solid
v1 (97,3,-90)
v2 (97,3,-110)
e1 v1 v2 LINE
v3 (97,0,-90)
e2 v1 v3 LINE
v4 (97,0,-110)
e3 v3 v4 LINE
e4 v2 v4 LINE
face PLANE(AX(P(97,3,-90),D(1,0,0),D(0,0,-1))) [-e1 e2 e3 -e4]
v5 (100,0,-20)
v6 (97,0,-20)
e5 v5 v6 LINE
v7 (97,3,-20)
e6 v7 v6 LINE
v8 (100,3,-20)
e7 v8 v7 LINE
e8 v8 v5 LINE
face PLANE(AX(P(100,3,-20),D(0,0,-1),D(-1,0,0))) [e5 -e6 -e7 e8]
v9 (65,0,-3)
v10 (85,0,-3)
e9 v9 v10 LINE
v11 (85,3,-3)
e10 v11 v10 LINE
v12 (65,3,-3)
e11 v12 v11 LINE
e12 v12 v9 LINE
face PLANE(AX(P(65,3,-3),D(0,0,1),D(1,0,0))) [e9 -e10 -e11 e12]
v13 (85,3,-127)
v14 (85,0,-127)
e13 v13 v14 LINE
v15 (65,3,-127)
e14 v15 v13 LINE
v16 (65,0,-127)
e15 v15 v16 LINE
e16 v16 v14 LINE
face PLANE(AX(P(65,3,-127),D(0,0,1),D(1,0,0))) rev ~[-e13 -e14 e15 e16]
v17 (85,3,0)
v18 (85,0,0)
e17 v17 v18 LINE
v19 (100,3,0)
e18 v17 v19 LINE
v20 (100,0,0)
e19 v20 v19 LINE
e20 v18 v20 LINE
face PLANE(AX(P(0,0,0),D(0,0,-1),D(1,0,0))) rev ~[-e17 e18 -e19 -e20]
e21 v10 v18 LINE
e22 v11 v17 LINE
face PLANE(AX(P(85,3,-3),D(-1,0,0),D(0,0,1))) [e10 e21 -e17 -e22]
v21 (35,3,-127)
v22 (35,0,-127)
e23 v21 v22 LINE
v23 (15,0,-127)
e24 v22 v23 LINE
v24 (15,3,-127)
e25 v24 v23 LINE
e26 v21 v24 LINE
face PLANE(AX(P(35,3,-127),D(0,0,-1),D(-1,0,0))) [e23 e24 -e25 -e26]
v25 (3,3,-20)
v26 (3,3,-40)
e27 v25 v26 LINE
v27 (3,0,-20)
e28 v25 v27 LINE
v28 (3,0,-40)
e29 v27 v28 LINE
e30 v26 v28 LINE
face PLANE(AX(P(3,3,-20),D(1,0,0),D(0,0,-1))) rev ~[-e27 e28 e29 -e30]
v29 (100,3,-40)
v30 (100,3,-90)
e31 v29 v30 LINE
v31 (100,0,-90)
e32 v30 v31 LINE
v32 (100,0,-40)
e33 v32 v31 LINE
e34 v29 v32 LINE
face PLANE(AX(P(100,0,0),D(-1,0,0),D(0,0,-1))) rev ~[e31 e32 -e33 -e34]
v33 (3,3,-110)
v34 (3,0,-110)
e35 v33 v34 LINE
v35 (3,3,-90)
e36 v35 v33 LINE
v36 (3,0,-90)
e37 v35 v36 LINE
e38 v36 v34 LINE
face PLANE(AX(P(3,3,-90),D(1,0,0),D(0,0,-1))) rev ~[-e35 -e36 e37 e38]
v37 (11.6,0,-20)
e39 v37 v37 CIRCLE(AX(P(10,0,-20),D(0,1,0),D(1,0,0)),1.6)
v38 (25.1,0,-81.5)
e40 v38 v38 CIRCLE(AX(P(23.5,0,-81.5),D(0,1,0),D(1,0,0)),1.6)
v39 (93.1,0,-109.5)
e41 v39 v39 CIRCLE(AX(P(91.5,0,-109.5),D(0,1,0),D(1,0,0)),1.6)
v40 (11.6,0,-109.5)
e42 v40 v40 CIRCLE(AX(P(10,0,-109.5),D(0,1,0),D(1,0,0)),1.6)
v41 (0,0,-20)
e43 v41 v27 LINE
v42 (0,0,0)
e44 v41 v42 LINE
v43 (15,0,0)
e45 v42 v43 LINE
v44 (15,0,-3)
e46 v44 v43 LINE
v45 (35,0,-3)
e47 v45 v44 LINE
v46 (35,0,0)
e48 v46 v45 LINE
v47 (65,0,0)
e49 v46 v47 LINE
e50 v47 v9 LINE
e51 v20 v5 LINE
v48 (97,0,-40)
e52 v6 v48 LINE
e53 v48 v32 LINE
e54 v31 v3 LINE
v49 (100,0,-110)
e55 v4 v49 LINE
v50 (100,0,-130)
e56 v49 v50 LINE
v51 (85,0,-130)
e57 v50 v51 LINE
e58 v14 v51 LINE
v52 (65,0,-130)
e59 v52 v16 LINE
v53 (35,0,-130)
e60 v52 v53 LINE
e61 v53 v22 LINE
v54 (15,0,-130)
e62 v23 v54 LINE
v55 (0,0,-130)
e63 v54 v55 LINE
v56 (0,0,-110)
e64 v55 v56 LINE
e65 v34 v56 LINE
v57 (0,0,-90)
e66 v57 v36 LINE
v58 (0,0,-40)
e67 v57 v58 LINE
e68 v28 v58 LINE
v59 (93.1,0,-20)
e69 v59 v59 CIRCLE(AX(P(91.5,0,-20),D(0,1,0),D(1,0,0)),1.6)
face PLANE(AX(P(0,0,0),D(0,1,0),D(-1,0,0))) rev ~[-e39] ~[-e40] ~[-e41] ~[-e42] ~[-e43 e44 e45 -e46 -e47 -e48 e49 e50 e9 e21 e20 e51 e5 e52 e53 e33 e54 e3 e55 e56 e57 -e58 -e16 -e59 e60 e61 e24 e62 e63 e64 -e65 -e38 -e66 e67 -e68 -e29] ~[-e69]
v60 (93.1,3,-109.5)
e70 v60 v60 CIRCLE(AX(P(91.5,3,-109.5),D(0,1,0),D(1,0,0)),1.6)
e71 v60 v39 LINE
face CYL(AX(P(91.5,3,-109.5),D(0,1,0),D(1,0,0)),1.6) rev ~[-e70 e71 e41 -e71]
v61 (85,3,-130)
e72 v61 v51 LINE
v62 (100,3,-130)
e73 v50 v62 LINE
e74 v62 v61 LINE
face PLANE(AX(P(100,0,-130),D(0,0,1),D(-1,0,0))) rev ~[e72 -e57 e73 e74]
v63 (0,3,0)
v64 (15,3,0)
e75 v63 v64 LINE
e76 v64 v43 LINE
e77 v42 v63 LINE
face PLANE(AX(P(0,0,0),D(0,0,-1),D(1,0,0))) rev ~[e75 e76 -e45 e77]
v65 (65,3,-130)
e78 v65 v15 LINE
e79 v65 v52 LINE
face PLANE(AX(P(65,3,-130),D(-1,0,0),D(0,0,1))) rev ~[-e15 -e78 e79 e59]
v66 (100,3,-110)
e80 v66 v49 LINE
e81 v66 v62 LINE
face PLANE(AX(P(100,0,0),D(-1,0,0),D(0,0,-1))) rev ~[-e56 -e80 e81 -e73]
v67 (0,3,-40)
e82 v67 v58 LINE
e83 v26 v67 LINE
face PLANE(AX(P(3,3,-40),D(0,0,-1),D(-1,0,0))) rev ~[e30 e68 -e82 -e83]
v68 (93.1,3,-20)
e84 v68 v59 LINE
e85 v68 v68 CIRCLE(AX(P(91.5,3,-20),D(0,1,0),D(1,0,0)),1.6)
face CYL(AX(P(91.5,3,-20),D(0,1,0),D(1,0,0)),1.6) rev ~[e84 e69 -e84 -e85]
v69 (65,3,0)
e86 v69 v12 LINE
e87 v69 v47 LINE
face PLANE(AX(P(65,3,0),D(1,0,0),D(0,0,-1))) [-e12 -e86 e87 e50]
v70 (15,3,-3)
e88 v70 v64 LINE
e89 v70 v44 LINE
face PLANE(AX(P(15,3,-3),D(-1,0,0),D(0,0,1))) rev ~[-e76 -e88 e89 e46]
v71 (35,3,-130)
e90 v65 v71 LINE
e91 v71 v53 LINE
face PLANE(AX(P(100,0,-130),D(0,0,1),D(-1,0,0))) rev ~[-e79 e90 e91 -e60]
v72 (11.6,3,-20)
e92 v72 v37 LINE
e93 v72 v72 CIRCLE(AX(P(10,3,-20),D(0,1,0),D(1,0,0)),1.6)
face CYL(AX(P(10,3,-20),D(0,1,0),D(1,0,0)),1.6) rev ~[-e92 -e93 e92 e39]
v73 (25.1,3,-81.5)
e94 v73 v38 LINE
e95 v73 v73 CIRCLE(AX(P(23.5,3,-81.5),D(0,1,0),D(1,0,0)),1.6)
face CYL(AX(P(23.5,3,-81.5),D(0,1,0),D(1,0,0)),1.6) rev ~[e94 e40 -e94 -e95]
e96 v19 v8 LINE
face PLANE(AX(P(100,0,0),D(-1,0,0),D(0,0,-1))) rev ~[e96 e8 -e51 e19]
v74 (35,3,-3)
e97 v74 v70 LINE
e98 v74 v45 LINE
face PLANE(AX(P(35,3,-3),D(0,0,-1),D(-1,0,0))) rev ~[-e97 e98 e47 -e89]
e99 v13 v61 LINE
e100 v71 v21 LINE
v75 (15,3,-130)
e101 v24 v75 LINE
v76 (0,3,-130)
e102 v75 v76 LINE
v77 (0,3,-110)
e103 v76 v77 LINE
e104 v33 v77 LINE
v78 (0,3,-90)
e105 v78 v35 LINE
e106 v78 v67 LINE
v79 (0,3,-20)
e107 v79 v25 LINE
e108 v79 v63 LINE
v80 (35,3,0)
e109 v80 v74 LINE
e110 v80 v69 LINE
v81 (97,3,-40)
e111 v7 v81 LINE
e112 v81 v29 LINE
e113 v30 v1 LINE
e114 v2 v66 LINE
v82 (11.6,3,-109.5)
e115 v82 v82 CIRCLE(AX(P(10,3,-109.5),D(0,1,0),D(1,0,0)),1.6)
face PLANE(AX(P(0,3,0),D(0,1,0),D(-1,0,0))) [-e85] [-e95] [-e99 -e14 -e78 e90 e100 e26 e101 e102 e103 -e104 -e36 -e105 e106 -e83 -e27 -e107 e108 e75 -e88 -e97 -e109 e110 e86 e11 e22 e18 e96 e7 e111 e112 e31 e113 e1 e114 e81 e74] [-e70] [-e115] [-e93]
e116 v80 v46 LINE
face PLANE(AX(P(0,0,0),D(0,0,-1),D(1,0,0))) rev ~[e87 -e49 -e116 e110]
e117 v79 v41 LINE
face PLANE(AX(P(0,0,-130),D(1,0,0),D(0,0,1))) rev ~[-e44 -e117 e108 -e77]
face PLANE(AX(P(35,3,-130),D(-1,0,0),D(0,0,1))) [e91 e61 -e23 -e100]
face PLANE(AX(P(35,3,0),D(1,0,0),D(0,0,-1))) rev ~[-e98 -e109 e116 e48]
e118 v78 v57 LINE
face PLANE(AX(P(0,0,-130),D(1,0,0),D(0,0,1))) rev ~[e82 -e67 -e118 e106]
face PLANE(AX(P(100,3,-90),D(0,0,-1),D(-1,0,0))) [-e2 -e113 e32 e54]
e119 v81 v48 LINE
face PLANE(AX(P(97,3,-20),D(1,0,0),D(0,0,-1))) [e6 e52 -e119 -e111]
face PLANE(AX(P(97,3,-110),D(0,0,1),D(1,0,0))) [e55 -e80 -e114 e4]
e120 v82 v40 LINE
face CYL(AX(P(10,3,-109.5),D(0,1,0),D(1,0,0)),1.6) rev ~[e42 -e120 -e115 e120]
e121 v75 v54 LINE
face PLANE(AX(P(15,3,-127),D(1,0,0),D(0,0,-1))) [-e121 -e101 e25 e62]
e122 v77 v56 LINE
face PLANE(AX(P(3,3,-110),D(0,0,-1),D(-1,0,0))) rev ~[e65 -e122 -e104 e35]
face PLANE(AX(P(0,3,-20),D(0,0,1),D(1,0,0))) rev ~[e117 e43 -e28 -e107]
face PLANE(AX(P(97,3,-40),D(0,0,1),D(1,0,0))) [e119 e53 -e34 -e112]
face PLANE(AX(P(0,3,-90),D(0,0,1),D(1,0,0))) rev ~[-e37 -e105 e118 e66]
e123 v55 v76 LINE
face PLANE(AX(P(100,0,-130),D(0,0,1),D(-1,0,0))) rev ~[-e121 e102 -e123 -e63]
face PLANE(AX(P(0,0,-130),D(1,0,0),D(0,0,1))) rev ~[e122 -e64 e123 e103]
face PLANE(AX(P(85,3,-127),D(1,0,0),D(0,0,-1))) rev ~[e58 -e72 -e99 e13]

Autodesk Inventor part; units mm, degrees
ref_plane "YZ Plane" through (0, 0, 0) normal (1, 0, 0) x (0, 1, 0)
ref_plane "XZ Plane" through (0, 0, 0) normal (0, 1, 0) x (-1, 0, 0)
ref_plane "XY Plane" through (0, 0, 0) normal (0, 0, 1) x (1, 0, 0)
sketch "Sketch1" plane through (0, 0, 0) normal (0, 1, 0) x (-1, 0, 0)
  line L0 (0, 0) -> (-100, 0)
  line L1 (-100, 0) -> (-100, -130)
  line L2 (-100, -130) -> (0, -130)
  line L3 (0, -130) -> (0, 0)
  dimension "Length" = 130
  dimension "Width" = 100
extrude "Baseplate" add sketch "Sketch1" along normal blind 3
sketch "TabsSketch" plane through (0, 3, 0) normal (0, 1, 0) x (1, 0, 0)
  line L0 (0, 130) -> (0, 0) projected
  line L1 (0, 20) -> (3, 20)
  line L2 (3, 20) -> (3, 40)
  line L3 (3, 40) -> (0, 40)
  line L4 (0, 40) -> (0, 20)
  line L5 (0, 90) -> (3, 90)
  line L6 (3, 90) -> (3, 110)
  line L7 (3, 110) -> (0, 110)
  line L8 (0, 110) -> (0, 90)
  line L9 (0, 0) -> (100, 0) projected
  line L10 (100, 130) -> (0, 130) projected
  line L11 (50, 0) -> (50, 130) construction
  line L12 (15, 0) -> (35, 0)
  line L13 (35, 0) -> (35, 3)
  line L14 (35, 3) -> (15, 3)
  line L15 (15, 3) -> (15, 0)
  line L16 (15, 130) -> (35, 130)
  line L17 (35, 130) -> (35, 127)
  line L18 (35, 127) -> (15, 127)
  line L19 (15, 127) -> (15, 130)
  line L20 (100, 130) -> (100, 0)
  line L21 (100, 20) -> (97, 20)
  line L22 (97, 20) -> (97, 40)
  line L23 (97, 40) -> (100, 40)
  line L24 (100, 40) -> (100, 20)
  line L25 (100, 90) -> (97, 90)
  line L26 (97, 90) -> (97, 110)
  line L27 (97, 110) -> (100, 110)
  line L28 (100, 110) -> (100, 90)
  line L29 (100, 0) -> (0, 0)
  line L30 (0, 130) -> (100, 130)
  line L31 (85, 0) -> (65, 0)
  line L32 (65, 0) -> (65, 3)
  line L33 (65, 3) -> (85, 3)
  line L34 (85, 3) -> (85, 0)
  line L35 (85, 130) -> (65, 130)
  line L36 (65, 130) -> (65, 127)
  line L37 (65, 127) -> (85, 127)
  line L38 (85, 127) -> (85, 130)
  point P0 (35, 0)
  point P1 (65, 0)
  point P2 (85, 0)
  point P3 (100, 110)
  point P4 (85, 130)
  point P5 (0, 110)
  point P6 (0, 40)
  dimension "d4" = 3
  dimension "LengthTabOffset" = 20
  dimension "d7" = 20
  dimension "d8" = 20
  dimension "BaseTabWidth" = 20
  dimension "d10" = 50
  dimension "d11" = 3
  dimension "d12" = 3
  dimension "d13" = 20
  dimension "d14" = 20
  dimension "WidthTabOffset" = 15
  dimension "d16" = 30
extrude "Extrusion2" cut sketch "TabsSketch" against normal through all contours L7 L6 L5 L0 | L10 L17 L18 L19 | L3 L2 L1 L0 | L10 L38 L37 L36 | L15 L14 L13 L9 | L20 L25 L26 L27 | L32 L33 L34 L9 | L20 L21 L22 L23
sketch "Sketch3" plane through (0, 3, 0) normal (0, 1, 0) x (1, 0, 0)
  circle A0 centre (10, 20) radius 1.6
  circle A1 centre (10, 109.5) radius 1.6
  circle A2 centre (91.5, 20) radius 1.6
  circle A3 centre (91.5, 109.5) radius 1.6
  line L0 (0, 20) -> (0, 0) projected
  line L1 (0, 90) -> (0, 40) projected
  line L2 (0, 0) -> (15, 0) projected
  line L3 (35, 0) -> (65, 0) projected
  circle A4 centre (23.5, 81.5) radius 1.6
  dimension "ScrewDiameter" = 3.2
  dimension "d20" = 3.2
  dimension "d21" = 3.2
  dimension "d22" = 3.2
  dimension "d23" = 89.5
  dimension "d24" = 81.5
  dimension "d25" = 89.5
  dimension "d26" = 81.5
  dimension "d27" = 10
  dimension "d28" = 10
  dimension "d29" = 20
  dimension "d30" = 20
  dimension "d31" = 61.5
  dimension "d32" = 68
  dimension "d33" = 3.2
extrude "PCB Mounting" cut sketch "Sketch3" against normal through all
equation "\"d4\" = Thickness"
equation "\"d7\" = LengthTabOffset"
equation "\"d8\" = BaseTabWidth"
equation "\"d11\" = Thickness"
equation "\"d12\" = Thickness"
equation "\"d13\" = BaseTabWidth"
equation "\"d14\" = BaseTabWidth"
equation "\"d20\" = ScrewDiameter"
equation "\"d21\" = ScrewDiameter"
equation "\"d22\" = d20"
equation "\"d25\" = d23"
equation "\"d26\" = d24"
equation "\"d28\" = d27"
equation "\"d30\" = d29"
equation "\"d33\" = ScrewDiameter"
equation "\"Thickness\" = 3"
properties part number "Base"
